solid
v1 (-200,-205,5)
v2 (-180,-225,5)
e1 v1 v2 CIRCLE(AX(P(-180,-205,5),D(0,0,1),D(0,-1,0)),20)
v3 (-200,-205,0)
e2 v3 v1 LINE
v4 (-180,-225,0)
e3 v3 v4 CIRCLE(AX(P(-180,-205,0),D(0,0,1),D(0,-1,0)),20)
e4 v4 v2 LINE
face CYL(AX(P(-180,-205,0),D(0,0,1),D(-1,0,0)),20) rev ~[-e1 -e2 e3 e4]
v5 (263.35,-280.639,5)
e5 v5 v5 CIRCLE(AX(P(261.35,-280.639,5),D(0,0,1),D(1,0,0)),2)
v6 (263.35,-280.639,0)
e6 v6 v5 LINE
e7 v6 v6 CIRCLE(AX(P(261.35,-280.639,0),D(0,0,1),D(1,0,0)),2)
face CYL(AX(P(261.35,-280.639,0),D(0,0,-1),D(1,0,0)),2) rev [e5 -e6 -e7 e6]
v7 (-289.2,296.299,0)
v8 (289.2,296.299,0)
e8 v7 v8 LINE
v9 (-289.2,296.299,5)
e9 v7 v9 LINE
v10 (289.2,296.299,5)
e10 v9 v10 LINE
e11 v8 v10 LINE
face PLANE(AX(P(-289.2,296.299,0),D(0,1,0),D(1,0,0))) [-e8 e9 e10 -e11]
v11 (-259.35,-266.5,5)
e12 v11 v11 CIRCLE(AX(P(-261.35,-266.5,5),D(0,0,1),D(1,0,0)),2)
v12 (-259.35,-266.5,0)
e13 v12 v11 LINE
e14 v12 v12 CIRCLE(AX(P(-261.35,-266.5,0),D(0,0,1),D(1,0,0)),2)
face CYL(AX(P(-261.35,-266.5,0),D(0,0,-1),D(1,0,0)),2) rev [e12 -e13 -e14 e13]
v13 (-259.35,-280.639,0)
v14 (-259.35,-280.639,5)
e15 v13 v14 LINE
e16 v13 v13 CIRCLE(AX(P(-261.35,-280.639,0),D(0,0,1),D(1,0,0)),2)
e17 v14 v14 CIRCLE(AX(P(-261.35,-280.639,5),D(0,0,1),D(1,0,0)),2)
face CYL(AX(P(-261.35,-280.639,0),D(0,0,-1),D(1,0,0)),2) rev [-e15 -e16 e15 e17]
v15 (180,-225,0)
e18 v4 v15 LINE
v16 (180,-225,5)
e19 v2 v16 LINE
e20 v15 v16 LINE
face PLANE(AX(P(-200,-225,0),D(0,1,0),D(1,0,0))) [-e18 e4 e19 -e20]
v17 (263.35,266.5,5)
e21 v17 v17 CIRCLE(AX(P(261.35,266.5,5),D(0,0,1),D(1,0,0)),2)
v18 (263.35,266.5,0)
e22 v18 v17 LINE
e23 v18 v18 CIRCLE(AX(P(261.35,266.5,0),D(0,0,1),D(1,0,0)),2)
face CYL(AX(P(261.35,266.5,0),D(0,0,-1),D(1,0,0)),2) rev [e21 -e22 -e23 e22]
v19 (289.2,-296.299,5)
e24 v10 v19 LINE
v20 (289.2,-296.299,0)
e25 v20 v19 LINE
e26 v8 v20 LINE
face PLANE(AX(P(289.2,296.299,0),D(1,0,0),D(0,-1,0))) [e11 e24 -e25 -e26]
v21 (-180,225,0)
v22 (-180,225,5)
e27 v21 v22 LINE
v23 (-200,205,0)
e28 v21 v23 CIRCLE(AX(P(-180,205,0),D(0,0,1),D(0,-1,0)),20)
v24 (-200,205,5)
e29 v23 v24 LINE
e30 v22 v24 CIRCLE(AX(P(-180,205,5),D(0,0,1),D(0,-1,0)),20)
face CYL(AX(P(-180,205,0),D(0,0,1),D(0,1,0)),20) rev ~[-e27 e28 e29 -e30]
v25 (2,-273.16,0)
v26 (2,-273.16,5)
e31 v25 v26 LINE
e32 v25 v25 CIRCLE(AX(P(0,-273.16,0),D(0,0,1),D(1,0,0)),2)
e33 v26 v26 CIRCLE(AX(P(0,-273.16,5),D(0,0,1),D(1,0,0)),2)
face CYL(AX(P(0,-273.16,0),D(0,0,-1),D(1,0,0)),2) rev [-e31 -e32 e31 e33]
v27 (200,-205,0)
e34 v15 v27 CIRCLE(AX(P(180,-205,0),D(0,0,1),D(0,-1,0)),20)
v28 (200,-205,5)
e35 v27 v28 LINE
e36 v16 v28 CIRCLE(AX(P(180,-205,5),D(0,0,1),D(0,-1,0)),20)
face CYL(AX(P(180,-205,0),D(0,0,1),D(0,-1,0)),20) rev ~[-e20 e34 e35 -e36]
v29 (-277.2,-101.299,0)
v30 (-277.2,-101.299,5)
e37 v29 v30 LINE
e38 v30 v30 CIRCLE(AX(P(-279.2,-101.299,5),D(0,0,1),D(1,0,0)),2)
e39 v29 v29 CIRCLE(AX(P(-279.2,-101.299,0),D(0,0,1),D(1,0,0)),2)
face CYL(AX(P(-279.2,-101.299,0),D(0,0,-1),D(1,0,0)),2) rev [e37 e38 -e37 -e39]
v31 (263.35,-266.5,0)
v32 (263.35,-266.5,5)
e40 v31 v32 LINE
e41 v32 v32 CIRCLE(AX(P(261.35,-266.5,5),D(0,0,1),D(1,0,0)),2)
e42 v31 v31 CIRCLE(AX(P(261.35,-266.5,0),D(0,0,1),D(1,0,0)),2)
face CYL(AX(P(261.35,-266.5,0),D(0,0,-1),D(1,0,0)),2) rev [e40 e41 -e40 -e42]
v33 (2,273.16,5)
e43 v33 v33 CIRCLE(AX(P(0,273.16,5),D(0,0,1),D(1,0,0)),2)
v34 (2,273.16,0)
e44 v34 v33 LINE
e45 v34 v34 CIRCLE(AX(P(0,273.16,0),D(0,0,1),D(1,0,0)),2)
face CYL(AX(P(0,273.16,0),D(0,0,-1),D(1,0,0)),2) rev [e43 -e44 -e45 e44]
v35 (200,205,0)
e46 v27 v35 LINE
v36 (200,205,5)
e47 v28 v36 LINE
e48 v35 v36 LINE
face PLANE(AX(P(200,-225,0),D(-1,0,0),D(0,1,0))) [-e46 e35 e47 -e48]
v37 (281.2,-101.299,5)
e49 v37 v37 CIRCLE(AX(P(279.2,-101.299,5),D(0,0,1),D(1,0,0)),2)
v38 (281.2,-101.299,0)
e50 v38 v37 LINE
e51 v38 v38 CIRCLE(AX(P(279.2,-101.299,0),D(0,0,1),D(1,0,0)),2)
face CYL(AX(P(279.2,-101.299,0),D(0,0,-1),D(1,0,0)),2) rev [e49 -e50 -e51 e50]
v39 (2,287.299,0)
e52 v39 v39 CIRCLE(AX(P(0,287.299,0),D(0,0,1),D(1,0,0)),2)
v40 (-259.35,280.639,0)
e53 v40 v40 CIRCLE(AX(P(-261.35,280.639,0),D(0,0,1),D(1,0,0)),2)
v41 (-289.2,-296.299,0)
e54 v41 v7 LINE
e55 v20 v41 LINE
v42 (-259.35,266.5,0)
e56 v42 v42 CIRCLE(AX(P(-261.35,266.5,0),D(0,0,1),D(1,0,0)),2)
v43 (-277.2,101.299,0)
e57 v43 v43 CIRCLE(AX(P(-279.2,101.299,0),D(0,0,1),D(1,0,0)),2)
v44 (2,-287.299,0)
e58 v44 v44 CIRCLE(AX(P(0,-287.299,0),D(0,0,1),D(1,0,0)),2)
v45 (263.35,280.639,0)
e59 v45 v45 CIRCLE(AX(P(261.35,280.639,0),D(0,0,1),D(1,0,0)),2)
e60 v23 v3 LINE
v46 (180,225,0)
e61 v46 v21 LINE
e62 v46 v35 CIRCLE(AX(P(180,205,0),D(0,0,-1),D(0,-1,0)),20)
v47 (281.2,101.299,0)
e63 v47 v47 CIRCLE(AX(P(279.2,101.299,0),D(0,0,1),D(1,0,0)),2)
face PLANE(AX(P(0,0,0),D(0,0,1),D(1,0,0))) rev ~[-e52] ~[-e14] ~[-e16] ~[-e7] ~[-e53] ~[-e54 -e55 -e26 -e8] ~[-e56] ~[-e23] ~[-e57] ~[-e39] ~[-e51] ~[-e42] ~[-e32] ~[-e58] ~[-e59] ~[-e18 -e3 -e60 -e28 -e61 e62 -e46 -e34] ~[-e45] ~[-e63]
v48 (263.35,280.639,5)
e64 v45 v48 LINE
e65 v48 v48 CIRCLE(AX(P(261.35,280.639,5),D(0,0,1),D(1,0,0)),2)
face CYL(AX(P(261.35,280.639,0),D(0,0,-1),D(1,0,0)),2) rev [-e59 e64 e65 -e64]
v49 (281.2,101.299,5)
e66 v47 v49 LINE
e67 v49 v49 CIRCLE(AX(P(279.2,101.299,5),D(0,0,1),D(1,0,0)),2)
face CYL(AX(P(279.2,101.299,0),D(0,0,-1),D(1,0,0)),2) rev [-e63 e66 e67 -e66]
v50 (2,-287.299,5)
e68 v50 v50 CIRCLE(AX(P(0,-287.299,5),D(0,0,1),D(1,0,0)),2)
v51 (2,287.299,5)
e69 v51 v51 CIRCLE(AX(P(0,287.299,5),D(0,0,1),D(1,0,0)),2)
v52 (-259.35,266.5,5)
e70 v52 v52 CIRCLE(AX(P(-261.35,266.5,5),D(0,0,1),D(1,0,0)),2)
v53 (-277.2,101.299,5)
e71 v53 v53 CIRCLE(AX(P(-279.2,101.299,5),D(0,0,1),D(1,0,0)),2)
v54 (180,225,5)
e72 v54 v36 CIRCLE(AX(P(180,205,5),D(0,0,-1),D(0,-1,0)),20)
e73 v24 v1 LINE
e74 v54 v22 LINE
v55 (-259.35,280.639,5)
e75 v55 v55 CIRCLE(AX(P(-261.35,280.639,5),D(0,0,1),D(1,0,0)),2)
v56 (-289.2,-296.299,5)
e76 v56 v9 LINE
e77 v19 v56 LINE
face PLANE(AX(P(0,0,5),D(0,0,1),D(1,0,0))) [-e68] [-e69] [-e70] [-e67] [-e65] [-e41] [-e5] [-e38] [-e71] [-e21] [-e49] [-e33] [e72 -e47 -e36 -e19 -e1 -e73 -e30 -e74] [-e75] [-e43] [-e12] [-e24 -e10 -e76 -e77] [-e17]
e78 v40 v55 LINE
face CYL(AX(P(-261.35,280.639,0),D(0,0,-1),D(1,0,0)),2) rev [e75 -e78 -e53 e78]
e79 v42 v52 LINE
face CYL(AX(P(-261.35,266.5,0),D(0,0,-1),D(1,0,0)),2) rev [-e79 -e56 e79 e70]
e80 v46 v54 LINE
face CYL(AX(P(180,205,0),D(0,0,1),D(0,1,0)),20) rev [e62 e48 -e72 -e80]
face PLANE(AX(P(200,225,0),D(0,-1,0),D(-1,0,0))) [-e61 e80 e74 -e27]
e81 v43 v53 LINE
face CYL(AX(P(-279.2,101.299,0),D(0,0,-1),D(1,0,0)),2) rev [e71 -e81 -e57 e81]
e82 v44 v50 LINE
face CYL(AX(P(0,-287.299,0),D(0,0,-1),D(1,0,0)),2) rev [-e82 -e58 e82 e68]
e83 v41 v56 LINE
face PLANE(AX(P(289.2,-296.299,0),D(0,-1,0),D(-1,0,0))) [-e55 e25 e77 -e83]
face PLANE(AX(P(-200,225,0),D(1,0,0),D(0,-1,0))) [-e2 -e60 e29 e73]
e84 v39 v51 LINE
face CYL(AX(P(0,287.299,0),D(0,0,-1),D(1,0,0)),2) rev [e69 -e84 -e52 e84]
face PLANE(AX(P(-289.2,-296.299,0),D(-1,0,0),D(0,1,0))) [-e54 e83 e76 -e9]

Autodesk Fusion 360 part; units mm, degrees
sketch "Sketch1" plane through (0, 0, 0) normal (0, 0, 1) x (1, 0, 0)
  line L0 (284.2, -291.299) -> (-284.2, -291.299)
  line L1 (-284.2, -291.299) -> (-284.2, 291.299)
  line L2 (-284.2, 291.299) -> (284.2, 291.299)
  line L3 (284.2, 291.299) -> (284.2, -291.299)
  line L4 (284.2, -291.299) -> (-284.2, 291.299) construction
  line L5 (-284.2, -291.299) -> (284.2, 291.299) construction
  line L6 (-261.35, 291.299) -> (-261.35, -291.299) construction
  circle A0 centre (-261.35, 280.639) radius 2
  circle A1 centre (-261.35, 266.5) radius 2
  circle A2 centre (-261.35, -280.639) radius 2
  circle A3 centre (-261.35, -266.5) radius 2
  line L7 (261.35, 291.299) -> (261.35, -291.299) construction
  circle A4 centre (261.35, 280.639) radius 2
  circle A5 centre (261.35, 266.5) radius 2
  circle A6 centre (261.35, -280.639) radius 2
  circle A7 centre (261.35, -266.5) radius 2
  line L8 (-261.35, -266.5) -> (261.35, -266.5) construction
  circle A8 centre (0, -273.16) radius 2
  line L9 (0, -291.299) -> (0, 291.299) construction
  circle A9 centre (0, 273.16) radius 2
  circle A10 centre (0, 287.299) radius 2
  circle A11 centre (0, -287.299) radius 2
  line L10 (200, 225) -> (-200, 225)
  line L11 (-200, 225) -> (-200, -225)
  line L12 (-200, -225) -> (200, -225)
  line L13 (200, -225) -> (200, 225)
  line L14 (200, 225) -> (-200, -225) construction
  line L15 (-200, 225) -> (200, -225) construction
  line L16 (-289.2, 296.299) -> (289.2, 296.299)
  line L17 (289.2, 296.299) -> (289.2, -296.299)
  line L18 (289.2, -296.299) -> (-289.2, -296.299)
  line L19 (-289.2, -296.299) -> (-289.2, 296.299)
  circle A12 centre (279.2, 101.299) radius 2
  circle A13 centre (279.2, -101.299) radius 2
  circle A14 centre (-279.2, -101.299) radius 2
  circle A15 centre (-279.2, 101.299) radius 2
  line L20 (-304.8, -372.499) -> (304.8, -372.499) construction
  line L21 (304.8, -372.499) -> (304.8, 541.901) construction
  line L22 (304.8, 541.901) -> (-304.8, 541.901) construction
  line L23 (-304.8, 541.901) -> (-304.8, -372.499) construction
  line L24 (0, -372.499) -> (0, -296.299) construction
  line L25 (-261.35, 266.5) -> (261.35, 266.5) construction
  line L26 (261.35, -280.639) -> (-261.35, -280.639) construction
  line L27 (261.35, 280.639) -> (-261.35, 280.639) construction
  dimension "d1" = 568.4
  dimension "d2" = 582.598
  dimension "d3" = 22.85
  dimension "d4" = 4
  dimension "d6" = 4
  dimension "d8" = 4
  dimension "d9" = 4
  dimension "d12" = 22.85
  dimension "d13" = 4
  dimension "d14" = 4
  dimension "d17" = 4
  dimension "d18" = 4
  dimension "d21" = 4
  dimension "d22" = 4
  dimension "d23" = 4
  dimension "d24" = 4
  dimension "d28" = 450
  dimension "d29" = 400
  dimension "d30" = 5
  dimension "d31" = 5
  dimension "d32" = 5
  dimension "d33" = 5
  dimension "d37" = 4
  dimension "d38" = 4
  dimension "d39" = 4
  dimension "d40" = 4
  dimension "d41" = 190
  dimension "d42" = 190
  dimension "d43" = 5
  dimension "d44" = 5
  dimension "d45" = 190
  dimension "d46" = 190
  dimension "d47" = 5
  dimension "d49" = 5
  dimension "d51" = 609.6
  dimension "d52" = 76.2
  dimension "d53" = 914.4
  dimension "d54" = 24.799
  dimension "d55" = 24.799
  dimension "d56" = 10.66
  dimension "d57" = 10.66
  dimension "d61" = 4
  dimension "d62" = 14.139
  dimension "d63" = 14.139
  dimension "d64" = 4
extrude "Extrude1" add sketch "Sketch1" along normal blind 5 contours L0 L1 L2 L3 | L16 L17 L18 L19 makes body 1
fillet "Fillet1" radius 20 4 edges at (-200, -225, 2.5) (200, -225, 2.5) (200, 225, 2.5) (-200, 225, 2.5) on bodies 1
copy_body "Body->Comp1" bodies 1 removing the originals makes body 2 in component "Front Panel"
component "Front Panel" placed x (1, 0, 0) y (0, 1, 0) z (0, 0, 1) at (0, 0, 0)
equation "d1 = XRailLength + 218.4 mm"
equation "d2 = PrintHeight + 282.598 mm"
equation "d28 = PrintHeight + 150 mm"
equation "d29 = XRailLength + 50 mm"
equation "d30 = WallThickness"
equation "d31 = WallThickness"
equation "d32 = WallThickness"
equation "d33 = WallThickness"
equation "WallThickness = 5 mm"
equation "XRailLength = 350 mm"
equation "PrintHeight = 300 mm"
